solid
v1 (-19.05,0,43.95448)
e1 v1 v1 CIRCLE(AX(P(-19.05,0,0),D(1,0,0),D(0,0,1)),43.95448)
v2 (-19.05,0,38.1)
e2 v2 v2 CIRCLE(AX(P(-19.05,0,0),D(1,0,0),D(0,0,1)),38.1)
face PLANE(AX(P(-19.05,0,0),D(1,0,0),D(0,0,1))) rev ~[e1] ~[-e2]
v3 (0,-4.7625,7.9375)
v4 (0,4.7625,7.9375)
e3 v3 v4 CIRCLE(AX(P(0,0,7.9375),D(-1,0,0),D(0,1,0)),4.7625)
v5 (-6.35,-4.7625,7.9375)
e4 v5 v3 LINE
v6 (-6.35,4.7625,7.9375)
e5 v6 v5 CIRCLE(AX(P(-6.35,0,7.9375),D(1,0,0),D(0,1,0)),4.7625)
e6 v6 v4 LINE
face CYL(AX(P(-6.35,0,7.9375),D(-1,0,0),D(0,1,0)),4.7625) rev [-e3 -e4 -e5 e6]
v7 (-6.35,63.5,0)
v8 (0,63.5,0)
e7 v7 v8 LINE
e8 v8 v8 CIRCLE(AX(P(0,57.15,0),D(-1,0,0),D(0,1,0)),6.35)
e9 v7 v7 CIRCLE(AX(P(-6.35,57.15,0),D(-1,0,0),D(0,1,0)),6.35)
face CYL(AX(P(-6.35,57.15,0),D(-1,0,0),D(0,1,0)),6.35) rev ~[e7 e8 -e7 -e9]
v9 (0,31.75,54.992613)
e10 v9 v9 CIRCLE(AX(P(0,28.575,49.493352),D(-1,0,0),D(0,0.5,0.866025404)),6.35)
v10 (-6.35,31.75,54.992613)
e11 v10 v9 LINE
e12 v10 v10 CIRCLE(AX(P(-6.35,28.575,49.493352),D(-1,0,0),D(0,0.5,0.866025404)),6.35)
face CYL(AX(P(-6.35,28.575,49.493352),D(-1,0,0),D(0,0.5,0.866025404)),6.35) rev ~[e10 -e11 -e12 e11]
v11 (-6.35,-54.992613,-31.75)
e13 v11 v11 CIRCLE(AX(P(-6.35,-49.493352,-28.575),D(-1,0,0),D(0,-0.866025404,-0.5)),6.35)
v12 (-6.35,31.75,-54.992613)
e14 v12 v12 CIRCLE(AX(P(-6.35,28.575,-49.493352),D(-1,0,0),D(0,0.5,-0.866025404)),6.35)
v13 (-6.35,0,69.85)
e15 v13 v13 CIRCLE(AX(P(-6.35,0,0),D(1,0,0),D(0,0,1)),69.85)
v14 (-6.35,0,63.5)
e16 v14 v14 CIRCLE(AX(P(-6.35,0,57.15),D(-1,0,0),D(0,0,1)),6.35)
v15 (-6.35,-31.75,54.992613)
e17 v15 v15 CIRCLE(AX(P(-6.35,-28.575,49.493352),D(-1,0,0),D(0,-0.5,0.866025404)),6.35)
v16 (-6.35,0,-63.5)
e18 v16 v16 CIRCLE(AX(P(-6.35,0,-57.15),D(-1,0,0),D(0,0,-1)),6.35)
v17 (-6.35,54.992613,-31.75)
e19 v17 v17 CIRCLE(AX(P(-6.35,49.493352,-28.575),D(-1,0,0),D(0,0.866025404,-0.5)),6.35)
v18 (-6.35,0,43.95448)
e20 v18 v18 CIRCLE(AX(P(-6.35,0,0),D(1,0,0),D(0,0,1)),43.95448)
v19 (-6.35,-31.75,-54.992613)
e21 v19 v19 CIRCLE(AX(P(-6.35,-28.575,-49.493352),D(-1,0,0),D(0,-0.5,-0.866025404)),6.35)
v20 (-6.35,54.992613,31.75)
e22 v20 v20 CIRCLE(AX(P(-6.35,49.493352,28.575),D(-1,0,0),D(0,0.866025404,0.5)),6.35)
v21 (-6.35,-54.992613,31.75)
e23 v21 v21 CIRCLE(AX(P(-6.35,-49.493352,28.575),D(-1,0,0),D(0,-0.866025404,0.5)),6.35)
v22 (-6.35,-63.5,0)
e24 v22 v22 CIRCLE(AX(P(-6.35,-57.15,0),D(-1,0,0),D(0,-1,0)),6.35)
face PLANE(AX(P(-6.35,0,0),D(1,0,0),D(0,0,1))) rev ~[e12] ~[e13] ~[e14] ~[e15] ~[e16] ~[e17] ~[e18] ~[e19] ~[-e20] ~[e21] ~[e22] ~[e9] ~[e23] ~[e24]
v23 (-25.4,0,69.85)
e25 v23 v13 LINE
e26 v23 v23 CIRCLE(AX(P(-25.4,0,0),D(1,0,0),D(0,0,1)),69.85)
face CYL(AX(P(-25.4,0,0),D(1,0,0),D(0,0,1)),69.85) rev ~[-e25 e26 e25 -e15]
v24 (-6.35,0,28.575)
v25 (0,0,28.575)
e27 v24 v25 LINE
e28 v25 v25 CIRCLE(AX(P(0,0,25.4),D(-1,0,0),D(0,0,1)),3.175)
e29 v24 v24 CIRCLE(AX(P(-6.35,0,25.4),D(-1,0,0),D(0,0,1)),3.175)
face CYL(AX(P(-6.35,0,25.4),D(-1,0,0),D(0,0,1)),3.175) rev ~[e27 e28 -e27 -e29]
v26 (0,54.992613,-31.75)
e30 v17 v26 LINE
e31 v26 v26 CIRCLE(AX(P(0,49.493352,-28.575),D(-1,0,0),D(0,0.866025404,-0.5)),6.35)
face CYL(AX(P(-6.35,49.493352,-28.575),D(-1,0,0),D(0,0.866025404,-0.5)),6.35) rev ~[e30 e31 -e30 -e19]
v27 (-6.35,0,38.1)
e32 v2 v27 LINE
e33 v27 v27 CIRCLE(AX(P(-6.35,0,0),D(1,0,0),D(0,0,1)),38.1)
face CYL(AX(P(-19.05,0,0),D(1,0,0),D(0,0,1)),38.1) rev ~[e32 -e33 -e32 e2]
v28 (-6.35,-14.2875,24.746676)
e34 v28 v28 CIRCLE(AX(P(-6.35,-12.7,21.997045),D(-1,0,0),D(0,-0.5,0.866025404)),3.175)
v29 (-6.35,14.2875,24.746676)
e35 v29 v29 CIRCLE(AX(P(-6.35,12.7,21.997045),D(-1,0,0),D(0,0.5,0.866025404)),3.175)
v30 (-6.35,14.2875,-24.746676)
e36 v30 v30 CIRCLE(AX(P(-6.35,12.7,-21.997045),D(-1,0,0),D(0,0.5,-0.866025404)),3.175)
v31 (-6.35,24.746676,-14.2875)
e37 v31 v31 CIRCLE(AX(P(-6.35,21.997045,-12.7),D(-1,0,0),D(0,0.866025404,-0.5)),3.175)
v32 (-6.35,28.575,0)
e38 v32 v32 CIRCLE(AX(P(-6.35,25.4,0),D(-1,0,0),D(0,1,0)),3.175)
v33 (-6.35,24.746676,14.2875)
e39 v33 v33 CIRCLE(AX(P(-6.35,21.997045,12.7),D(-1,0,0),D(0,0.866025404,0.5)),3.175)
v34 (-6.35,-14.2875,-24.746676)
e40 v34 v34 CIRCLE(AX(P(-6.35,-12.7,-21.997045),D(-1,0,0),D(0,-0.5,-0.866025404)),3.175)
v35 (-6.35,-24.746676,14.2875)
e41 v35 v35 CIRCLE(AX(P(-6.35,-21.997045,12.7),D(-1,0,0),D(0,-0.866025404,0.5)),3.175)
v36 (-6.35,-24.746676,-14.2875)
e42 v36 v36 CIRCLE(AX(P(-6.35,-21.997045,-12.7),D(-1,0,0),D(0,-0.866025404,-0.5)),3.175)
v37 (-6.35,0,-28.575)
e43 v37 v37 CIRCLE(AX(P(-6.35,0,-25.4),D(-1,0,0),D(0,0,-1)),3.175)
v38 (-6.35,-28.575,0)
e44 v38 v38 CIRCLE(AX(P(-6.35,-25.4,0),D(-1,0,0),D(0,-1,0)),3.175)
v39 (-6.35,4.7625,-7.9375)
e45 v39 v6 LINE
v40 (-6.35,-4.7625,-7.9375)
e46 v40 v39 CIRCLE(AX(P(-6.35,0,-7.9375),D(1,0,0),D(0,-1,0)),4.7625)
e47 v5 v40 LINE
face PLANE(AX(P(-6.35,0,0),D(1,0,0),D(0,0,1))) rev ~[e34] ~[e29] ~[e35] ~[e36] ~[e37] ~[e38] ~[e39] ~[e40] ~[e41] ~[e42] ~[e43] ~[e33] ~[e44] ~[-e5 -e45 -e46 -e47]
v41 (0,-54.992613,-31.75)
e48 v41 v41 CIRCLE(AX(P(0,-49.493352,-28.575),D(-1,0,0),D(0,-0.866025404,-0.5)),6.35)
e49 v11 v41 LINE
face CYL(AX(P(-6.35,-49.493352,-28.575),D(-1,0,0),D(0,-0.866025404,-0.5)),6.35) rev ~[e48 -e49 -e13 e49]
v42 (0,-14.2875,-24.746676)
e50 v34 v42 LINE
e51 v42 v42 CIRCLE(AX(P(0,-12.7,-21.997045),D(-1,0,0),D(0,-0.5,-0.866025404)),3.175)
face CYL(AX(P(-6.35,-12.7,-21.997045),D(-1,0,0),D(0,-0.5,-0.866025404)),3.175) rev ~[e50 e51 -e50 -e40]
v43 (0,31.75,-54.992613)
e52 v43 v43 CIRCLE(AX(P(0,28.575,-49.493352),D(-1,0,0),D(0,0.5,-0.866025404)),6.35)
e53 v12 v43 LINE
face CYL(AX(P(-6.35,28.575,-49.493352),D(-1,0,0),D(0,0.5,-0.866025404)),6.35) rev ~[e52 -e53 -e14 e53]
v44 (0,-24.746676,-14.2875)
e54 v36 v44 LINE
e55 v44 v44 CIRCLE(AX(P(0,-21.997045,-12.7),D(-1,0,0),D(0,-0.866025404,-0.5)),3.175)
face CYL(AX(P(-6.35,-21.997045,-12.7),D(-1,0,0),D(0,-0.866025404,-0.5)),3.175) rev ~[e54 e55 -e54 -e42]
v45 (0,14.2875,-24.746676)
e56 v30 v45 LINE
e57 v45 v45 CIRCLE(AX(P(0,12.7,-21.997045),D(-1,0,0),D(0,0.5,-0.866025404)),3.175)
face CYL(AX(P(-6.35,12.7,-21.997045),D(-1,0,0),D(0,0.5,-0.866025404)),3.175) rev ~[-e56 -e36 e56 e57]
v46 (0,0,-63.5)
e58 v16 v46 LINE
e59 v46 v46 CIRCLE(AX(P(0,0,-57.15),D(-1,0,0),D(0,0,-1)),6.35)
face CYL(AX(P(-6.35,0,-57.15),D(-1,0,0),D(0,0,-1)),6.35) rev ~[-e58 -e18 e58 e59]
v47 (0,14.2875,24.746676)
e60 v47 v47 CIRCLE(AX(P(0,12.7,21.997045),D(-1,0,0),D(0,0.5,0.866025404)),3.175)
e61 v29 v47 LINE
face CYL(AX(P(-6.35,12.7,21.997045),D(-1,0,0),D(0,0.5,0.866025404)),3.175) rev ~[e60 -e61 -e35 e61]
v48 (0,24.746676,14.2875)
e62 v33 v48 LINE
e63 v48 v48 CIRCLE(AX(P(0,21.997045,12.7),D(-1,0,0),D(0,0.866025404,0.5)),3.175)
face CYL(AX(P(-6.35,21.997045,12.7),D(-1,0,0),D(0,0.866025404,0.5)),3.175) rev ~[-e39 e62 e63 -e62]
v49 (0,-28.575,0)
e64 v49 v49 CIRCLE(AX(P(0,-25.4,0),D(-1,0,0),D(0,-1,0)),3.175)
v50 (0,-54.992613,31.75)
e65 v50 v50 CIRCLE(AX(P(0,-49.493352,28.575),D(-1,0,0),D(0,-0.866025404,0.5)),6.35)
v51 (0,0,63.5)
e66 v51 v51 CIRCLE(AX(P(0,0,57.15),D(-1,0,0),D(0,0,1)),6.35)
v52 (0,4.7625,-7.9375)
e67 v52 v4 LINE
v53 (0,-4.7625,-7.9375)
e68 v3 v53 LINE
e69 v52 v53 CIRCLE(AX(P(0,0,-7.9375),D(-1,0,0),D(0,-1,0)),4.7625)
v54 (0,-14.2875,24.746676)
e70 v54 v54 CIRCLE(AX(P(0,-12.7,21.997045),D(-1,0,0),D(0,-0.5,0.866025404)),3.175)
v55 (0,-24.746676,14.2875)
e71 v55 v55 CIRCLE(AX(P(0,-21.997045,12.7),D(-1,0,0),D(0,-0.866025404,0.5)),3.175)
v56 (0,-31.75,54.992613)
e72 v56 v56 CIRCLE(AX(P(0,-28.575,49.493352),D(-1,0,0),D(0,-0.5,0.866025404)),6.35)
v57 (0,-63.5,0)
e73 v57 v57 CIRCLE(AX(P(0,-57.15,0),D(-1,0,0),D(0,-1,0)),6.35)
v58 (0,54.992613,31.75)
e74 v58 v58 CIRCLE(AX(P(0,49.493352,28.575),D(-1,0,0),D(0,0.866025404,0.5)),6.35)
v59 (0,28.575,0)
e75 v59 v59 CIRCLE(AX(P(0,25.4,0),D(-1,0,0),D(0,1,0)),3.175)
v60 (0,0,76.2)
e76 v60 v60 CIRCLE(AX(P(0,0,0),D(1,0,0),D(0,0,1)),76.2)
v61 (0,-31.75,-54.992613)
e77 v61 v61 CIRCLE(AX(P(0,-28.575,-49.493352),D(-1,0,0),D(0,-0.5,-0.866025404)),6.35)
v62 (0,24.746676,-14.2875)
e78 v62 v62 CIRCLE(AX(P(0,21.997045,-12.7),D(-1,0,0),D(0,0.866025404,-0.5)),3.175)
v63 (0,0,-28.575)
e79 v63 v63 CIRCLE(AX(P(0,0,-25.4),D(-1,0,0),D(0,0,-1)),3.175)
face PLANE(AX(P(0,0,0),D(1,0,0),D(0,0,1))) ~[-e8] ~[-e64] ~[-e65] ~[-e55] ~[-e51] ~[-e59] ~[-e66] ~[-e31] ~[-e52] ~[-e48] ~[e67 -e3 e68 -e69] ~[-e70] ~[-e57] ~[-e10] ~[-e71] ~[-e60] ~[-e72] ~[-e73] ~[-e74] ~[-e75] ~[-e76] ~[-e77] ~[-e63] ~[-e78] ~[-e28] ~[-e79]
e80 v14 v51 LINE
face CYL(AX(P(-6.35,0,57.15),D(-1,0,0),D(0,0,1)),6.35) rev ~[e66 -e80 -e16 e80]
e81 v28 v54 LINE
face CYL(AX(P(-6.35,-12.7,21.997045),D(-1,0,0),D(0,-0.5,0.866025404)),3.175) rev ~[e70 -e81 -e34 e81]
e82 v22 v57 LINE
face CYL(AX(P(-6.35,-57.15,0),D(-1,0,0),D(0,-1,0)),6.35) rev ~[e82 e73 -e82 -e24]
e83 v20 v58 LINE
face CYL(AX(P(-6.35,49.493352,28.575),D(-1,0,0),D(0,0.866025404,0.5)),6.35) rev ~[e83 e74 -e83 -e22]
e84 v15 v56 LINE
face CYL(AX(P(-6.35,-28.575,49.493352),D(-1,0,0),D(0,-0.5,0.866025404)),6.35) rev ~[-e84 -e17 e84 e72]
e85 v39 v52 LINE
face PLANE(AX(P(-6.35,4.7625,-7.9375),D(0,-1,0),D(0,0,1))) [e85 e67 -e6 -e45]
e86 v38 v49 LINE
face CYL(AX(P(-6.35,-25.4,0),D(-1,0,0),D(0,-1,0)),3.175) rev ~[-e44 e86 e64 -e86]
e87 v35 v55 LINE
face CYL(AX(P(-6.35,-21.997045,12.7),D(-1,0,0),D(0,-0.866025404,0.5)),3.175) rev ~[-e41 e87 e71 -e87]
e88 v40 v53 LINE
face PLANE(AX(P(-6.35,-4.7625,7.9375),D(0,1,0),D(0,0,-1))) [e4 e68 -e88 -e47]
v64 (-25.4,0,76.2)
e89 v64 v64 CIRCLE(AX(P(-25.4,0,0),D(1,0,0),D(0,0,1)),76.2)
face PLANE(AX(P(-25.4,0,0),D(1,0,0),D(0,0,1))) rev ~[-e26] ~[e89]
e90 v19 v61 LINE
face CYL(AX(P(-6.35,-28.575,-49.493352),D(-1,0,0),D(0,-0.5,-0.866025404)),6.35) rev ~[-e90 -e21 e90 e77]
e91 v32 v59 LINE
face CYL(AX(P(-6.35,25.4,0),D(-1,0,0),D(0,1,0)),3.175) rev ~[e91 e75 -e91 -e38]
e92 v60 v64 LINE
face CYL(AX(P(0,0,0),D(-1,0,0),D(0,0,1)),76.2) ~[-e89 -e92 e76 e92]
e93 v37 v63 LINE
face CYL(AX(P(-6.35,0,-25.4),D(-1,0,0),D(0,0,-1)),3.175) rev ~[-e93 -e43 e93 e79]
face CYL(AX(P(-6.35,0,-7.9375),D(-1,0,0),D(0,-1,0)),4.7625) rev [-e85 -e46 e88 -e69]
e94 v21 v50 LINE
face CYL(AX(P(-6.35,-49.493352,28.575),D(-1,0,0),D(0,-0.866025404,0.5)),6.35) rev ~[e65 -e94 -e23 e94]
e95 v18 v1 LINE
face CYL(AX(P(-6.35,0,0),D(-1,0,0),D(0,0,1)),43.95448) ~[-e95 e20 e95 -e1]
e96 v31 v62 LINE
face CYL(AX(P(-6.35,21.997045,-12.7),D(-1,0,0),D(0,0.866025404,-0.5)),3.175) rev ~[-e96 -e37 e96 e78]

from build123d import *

# Parameters (mm, degrees)
SKETCH2_R          = 6.35
SKETCH2_R_2        = 3.175
CIRCULAR_CUT_DEPTH = 110.433918417
CIRPATTERN_COUNT   = 12
SLOT_CUT_DEPTH     = 110.433918417


with BuildPart() as part:
    # Sketch1 → Revolve 2 (revolve)
    with BuildSketch(Plane.XY, mode=Mode.PRIVATE) as revolve_2_sk:
        Polygon((0, 0), (0, 76.2), (-25.4, 76.2), (-25.4, 69.85), (-6.35, 69.85), (-6.35, 43.954479769), (-19.05, 43.954479769), (-19.05, 38.1), (-6.35, 38.1), (-6.35, 0), align=None)
    revolve(revolve_2_sk.sketch.rotate(Axis((-6.35, 0, 0), (1, 0, 0)), 90), axis=Axis((-6.35, 0, 0), (1, 0, 0)))

    # Sketch2 → Circular Cut (cut, through all)
    with BuildSketch(Plane.ZY.offset(6.35)):
        with Locations((57.15, 0)):
            Circle(SKETCH2_R)
        with Locations((25.4, 0)):
            Circle(SKETCH2_R_2)
    circular_cut = extrude(amount=-CIRCULAR_CUT_DEPTH, mode=Mode.SUBTRACT)

    # CirPattern: Circular Cut ×12 about axis
    cirpattern_axis = Axis((0, 0, 0), (1, 0, 0))
    for i in range(1, CIRPATTERN_COUNT):
        add(circular_cut.rotate(cirpattern_axis, i * 360 / CIRPATTERN_COUNT), mode=Mode.SUBTRACT)

    # Sketch5 → Slot Cut (cut, through all)
    with BuildSketch(Plane.ZY.offset(6.35)):
        with BuildLine():
            Line((-7.9375, 4.7625), (7.9375, 4.7625))
            ThreePointArc((7.9375, 4.7625), (12.7, 0), (7.9375, -4.7625))
            Line((7.9375, -4.7625), (-7.9375, -4.7625))
            ThreePointArc((-7.9375, -4.7625), (-12.7, 0), (-7.9375, 4.7625))
        make_face()
    extrude(amount=-SLOT_CUT_DEPTH, mode=Mode.SUBTRACT)


solid = part.part
